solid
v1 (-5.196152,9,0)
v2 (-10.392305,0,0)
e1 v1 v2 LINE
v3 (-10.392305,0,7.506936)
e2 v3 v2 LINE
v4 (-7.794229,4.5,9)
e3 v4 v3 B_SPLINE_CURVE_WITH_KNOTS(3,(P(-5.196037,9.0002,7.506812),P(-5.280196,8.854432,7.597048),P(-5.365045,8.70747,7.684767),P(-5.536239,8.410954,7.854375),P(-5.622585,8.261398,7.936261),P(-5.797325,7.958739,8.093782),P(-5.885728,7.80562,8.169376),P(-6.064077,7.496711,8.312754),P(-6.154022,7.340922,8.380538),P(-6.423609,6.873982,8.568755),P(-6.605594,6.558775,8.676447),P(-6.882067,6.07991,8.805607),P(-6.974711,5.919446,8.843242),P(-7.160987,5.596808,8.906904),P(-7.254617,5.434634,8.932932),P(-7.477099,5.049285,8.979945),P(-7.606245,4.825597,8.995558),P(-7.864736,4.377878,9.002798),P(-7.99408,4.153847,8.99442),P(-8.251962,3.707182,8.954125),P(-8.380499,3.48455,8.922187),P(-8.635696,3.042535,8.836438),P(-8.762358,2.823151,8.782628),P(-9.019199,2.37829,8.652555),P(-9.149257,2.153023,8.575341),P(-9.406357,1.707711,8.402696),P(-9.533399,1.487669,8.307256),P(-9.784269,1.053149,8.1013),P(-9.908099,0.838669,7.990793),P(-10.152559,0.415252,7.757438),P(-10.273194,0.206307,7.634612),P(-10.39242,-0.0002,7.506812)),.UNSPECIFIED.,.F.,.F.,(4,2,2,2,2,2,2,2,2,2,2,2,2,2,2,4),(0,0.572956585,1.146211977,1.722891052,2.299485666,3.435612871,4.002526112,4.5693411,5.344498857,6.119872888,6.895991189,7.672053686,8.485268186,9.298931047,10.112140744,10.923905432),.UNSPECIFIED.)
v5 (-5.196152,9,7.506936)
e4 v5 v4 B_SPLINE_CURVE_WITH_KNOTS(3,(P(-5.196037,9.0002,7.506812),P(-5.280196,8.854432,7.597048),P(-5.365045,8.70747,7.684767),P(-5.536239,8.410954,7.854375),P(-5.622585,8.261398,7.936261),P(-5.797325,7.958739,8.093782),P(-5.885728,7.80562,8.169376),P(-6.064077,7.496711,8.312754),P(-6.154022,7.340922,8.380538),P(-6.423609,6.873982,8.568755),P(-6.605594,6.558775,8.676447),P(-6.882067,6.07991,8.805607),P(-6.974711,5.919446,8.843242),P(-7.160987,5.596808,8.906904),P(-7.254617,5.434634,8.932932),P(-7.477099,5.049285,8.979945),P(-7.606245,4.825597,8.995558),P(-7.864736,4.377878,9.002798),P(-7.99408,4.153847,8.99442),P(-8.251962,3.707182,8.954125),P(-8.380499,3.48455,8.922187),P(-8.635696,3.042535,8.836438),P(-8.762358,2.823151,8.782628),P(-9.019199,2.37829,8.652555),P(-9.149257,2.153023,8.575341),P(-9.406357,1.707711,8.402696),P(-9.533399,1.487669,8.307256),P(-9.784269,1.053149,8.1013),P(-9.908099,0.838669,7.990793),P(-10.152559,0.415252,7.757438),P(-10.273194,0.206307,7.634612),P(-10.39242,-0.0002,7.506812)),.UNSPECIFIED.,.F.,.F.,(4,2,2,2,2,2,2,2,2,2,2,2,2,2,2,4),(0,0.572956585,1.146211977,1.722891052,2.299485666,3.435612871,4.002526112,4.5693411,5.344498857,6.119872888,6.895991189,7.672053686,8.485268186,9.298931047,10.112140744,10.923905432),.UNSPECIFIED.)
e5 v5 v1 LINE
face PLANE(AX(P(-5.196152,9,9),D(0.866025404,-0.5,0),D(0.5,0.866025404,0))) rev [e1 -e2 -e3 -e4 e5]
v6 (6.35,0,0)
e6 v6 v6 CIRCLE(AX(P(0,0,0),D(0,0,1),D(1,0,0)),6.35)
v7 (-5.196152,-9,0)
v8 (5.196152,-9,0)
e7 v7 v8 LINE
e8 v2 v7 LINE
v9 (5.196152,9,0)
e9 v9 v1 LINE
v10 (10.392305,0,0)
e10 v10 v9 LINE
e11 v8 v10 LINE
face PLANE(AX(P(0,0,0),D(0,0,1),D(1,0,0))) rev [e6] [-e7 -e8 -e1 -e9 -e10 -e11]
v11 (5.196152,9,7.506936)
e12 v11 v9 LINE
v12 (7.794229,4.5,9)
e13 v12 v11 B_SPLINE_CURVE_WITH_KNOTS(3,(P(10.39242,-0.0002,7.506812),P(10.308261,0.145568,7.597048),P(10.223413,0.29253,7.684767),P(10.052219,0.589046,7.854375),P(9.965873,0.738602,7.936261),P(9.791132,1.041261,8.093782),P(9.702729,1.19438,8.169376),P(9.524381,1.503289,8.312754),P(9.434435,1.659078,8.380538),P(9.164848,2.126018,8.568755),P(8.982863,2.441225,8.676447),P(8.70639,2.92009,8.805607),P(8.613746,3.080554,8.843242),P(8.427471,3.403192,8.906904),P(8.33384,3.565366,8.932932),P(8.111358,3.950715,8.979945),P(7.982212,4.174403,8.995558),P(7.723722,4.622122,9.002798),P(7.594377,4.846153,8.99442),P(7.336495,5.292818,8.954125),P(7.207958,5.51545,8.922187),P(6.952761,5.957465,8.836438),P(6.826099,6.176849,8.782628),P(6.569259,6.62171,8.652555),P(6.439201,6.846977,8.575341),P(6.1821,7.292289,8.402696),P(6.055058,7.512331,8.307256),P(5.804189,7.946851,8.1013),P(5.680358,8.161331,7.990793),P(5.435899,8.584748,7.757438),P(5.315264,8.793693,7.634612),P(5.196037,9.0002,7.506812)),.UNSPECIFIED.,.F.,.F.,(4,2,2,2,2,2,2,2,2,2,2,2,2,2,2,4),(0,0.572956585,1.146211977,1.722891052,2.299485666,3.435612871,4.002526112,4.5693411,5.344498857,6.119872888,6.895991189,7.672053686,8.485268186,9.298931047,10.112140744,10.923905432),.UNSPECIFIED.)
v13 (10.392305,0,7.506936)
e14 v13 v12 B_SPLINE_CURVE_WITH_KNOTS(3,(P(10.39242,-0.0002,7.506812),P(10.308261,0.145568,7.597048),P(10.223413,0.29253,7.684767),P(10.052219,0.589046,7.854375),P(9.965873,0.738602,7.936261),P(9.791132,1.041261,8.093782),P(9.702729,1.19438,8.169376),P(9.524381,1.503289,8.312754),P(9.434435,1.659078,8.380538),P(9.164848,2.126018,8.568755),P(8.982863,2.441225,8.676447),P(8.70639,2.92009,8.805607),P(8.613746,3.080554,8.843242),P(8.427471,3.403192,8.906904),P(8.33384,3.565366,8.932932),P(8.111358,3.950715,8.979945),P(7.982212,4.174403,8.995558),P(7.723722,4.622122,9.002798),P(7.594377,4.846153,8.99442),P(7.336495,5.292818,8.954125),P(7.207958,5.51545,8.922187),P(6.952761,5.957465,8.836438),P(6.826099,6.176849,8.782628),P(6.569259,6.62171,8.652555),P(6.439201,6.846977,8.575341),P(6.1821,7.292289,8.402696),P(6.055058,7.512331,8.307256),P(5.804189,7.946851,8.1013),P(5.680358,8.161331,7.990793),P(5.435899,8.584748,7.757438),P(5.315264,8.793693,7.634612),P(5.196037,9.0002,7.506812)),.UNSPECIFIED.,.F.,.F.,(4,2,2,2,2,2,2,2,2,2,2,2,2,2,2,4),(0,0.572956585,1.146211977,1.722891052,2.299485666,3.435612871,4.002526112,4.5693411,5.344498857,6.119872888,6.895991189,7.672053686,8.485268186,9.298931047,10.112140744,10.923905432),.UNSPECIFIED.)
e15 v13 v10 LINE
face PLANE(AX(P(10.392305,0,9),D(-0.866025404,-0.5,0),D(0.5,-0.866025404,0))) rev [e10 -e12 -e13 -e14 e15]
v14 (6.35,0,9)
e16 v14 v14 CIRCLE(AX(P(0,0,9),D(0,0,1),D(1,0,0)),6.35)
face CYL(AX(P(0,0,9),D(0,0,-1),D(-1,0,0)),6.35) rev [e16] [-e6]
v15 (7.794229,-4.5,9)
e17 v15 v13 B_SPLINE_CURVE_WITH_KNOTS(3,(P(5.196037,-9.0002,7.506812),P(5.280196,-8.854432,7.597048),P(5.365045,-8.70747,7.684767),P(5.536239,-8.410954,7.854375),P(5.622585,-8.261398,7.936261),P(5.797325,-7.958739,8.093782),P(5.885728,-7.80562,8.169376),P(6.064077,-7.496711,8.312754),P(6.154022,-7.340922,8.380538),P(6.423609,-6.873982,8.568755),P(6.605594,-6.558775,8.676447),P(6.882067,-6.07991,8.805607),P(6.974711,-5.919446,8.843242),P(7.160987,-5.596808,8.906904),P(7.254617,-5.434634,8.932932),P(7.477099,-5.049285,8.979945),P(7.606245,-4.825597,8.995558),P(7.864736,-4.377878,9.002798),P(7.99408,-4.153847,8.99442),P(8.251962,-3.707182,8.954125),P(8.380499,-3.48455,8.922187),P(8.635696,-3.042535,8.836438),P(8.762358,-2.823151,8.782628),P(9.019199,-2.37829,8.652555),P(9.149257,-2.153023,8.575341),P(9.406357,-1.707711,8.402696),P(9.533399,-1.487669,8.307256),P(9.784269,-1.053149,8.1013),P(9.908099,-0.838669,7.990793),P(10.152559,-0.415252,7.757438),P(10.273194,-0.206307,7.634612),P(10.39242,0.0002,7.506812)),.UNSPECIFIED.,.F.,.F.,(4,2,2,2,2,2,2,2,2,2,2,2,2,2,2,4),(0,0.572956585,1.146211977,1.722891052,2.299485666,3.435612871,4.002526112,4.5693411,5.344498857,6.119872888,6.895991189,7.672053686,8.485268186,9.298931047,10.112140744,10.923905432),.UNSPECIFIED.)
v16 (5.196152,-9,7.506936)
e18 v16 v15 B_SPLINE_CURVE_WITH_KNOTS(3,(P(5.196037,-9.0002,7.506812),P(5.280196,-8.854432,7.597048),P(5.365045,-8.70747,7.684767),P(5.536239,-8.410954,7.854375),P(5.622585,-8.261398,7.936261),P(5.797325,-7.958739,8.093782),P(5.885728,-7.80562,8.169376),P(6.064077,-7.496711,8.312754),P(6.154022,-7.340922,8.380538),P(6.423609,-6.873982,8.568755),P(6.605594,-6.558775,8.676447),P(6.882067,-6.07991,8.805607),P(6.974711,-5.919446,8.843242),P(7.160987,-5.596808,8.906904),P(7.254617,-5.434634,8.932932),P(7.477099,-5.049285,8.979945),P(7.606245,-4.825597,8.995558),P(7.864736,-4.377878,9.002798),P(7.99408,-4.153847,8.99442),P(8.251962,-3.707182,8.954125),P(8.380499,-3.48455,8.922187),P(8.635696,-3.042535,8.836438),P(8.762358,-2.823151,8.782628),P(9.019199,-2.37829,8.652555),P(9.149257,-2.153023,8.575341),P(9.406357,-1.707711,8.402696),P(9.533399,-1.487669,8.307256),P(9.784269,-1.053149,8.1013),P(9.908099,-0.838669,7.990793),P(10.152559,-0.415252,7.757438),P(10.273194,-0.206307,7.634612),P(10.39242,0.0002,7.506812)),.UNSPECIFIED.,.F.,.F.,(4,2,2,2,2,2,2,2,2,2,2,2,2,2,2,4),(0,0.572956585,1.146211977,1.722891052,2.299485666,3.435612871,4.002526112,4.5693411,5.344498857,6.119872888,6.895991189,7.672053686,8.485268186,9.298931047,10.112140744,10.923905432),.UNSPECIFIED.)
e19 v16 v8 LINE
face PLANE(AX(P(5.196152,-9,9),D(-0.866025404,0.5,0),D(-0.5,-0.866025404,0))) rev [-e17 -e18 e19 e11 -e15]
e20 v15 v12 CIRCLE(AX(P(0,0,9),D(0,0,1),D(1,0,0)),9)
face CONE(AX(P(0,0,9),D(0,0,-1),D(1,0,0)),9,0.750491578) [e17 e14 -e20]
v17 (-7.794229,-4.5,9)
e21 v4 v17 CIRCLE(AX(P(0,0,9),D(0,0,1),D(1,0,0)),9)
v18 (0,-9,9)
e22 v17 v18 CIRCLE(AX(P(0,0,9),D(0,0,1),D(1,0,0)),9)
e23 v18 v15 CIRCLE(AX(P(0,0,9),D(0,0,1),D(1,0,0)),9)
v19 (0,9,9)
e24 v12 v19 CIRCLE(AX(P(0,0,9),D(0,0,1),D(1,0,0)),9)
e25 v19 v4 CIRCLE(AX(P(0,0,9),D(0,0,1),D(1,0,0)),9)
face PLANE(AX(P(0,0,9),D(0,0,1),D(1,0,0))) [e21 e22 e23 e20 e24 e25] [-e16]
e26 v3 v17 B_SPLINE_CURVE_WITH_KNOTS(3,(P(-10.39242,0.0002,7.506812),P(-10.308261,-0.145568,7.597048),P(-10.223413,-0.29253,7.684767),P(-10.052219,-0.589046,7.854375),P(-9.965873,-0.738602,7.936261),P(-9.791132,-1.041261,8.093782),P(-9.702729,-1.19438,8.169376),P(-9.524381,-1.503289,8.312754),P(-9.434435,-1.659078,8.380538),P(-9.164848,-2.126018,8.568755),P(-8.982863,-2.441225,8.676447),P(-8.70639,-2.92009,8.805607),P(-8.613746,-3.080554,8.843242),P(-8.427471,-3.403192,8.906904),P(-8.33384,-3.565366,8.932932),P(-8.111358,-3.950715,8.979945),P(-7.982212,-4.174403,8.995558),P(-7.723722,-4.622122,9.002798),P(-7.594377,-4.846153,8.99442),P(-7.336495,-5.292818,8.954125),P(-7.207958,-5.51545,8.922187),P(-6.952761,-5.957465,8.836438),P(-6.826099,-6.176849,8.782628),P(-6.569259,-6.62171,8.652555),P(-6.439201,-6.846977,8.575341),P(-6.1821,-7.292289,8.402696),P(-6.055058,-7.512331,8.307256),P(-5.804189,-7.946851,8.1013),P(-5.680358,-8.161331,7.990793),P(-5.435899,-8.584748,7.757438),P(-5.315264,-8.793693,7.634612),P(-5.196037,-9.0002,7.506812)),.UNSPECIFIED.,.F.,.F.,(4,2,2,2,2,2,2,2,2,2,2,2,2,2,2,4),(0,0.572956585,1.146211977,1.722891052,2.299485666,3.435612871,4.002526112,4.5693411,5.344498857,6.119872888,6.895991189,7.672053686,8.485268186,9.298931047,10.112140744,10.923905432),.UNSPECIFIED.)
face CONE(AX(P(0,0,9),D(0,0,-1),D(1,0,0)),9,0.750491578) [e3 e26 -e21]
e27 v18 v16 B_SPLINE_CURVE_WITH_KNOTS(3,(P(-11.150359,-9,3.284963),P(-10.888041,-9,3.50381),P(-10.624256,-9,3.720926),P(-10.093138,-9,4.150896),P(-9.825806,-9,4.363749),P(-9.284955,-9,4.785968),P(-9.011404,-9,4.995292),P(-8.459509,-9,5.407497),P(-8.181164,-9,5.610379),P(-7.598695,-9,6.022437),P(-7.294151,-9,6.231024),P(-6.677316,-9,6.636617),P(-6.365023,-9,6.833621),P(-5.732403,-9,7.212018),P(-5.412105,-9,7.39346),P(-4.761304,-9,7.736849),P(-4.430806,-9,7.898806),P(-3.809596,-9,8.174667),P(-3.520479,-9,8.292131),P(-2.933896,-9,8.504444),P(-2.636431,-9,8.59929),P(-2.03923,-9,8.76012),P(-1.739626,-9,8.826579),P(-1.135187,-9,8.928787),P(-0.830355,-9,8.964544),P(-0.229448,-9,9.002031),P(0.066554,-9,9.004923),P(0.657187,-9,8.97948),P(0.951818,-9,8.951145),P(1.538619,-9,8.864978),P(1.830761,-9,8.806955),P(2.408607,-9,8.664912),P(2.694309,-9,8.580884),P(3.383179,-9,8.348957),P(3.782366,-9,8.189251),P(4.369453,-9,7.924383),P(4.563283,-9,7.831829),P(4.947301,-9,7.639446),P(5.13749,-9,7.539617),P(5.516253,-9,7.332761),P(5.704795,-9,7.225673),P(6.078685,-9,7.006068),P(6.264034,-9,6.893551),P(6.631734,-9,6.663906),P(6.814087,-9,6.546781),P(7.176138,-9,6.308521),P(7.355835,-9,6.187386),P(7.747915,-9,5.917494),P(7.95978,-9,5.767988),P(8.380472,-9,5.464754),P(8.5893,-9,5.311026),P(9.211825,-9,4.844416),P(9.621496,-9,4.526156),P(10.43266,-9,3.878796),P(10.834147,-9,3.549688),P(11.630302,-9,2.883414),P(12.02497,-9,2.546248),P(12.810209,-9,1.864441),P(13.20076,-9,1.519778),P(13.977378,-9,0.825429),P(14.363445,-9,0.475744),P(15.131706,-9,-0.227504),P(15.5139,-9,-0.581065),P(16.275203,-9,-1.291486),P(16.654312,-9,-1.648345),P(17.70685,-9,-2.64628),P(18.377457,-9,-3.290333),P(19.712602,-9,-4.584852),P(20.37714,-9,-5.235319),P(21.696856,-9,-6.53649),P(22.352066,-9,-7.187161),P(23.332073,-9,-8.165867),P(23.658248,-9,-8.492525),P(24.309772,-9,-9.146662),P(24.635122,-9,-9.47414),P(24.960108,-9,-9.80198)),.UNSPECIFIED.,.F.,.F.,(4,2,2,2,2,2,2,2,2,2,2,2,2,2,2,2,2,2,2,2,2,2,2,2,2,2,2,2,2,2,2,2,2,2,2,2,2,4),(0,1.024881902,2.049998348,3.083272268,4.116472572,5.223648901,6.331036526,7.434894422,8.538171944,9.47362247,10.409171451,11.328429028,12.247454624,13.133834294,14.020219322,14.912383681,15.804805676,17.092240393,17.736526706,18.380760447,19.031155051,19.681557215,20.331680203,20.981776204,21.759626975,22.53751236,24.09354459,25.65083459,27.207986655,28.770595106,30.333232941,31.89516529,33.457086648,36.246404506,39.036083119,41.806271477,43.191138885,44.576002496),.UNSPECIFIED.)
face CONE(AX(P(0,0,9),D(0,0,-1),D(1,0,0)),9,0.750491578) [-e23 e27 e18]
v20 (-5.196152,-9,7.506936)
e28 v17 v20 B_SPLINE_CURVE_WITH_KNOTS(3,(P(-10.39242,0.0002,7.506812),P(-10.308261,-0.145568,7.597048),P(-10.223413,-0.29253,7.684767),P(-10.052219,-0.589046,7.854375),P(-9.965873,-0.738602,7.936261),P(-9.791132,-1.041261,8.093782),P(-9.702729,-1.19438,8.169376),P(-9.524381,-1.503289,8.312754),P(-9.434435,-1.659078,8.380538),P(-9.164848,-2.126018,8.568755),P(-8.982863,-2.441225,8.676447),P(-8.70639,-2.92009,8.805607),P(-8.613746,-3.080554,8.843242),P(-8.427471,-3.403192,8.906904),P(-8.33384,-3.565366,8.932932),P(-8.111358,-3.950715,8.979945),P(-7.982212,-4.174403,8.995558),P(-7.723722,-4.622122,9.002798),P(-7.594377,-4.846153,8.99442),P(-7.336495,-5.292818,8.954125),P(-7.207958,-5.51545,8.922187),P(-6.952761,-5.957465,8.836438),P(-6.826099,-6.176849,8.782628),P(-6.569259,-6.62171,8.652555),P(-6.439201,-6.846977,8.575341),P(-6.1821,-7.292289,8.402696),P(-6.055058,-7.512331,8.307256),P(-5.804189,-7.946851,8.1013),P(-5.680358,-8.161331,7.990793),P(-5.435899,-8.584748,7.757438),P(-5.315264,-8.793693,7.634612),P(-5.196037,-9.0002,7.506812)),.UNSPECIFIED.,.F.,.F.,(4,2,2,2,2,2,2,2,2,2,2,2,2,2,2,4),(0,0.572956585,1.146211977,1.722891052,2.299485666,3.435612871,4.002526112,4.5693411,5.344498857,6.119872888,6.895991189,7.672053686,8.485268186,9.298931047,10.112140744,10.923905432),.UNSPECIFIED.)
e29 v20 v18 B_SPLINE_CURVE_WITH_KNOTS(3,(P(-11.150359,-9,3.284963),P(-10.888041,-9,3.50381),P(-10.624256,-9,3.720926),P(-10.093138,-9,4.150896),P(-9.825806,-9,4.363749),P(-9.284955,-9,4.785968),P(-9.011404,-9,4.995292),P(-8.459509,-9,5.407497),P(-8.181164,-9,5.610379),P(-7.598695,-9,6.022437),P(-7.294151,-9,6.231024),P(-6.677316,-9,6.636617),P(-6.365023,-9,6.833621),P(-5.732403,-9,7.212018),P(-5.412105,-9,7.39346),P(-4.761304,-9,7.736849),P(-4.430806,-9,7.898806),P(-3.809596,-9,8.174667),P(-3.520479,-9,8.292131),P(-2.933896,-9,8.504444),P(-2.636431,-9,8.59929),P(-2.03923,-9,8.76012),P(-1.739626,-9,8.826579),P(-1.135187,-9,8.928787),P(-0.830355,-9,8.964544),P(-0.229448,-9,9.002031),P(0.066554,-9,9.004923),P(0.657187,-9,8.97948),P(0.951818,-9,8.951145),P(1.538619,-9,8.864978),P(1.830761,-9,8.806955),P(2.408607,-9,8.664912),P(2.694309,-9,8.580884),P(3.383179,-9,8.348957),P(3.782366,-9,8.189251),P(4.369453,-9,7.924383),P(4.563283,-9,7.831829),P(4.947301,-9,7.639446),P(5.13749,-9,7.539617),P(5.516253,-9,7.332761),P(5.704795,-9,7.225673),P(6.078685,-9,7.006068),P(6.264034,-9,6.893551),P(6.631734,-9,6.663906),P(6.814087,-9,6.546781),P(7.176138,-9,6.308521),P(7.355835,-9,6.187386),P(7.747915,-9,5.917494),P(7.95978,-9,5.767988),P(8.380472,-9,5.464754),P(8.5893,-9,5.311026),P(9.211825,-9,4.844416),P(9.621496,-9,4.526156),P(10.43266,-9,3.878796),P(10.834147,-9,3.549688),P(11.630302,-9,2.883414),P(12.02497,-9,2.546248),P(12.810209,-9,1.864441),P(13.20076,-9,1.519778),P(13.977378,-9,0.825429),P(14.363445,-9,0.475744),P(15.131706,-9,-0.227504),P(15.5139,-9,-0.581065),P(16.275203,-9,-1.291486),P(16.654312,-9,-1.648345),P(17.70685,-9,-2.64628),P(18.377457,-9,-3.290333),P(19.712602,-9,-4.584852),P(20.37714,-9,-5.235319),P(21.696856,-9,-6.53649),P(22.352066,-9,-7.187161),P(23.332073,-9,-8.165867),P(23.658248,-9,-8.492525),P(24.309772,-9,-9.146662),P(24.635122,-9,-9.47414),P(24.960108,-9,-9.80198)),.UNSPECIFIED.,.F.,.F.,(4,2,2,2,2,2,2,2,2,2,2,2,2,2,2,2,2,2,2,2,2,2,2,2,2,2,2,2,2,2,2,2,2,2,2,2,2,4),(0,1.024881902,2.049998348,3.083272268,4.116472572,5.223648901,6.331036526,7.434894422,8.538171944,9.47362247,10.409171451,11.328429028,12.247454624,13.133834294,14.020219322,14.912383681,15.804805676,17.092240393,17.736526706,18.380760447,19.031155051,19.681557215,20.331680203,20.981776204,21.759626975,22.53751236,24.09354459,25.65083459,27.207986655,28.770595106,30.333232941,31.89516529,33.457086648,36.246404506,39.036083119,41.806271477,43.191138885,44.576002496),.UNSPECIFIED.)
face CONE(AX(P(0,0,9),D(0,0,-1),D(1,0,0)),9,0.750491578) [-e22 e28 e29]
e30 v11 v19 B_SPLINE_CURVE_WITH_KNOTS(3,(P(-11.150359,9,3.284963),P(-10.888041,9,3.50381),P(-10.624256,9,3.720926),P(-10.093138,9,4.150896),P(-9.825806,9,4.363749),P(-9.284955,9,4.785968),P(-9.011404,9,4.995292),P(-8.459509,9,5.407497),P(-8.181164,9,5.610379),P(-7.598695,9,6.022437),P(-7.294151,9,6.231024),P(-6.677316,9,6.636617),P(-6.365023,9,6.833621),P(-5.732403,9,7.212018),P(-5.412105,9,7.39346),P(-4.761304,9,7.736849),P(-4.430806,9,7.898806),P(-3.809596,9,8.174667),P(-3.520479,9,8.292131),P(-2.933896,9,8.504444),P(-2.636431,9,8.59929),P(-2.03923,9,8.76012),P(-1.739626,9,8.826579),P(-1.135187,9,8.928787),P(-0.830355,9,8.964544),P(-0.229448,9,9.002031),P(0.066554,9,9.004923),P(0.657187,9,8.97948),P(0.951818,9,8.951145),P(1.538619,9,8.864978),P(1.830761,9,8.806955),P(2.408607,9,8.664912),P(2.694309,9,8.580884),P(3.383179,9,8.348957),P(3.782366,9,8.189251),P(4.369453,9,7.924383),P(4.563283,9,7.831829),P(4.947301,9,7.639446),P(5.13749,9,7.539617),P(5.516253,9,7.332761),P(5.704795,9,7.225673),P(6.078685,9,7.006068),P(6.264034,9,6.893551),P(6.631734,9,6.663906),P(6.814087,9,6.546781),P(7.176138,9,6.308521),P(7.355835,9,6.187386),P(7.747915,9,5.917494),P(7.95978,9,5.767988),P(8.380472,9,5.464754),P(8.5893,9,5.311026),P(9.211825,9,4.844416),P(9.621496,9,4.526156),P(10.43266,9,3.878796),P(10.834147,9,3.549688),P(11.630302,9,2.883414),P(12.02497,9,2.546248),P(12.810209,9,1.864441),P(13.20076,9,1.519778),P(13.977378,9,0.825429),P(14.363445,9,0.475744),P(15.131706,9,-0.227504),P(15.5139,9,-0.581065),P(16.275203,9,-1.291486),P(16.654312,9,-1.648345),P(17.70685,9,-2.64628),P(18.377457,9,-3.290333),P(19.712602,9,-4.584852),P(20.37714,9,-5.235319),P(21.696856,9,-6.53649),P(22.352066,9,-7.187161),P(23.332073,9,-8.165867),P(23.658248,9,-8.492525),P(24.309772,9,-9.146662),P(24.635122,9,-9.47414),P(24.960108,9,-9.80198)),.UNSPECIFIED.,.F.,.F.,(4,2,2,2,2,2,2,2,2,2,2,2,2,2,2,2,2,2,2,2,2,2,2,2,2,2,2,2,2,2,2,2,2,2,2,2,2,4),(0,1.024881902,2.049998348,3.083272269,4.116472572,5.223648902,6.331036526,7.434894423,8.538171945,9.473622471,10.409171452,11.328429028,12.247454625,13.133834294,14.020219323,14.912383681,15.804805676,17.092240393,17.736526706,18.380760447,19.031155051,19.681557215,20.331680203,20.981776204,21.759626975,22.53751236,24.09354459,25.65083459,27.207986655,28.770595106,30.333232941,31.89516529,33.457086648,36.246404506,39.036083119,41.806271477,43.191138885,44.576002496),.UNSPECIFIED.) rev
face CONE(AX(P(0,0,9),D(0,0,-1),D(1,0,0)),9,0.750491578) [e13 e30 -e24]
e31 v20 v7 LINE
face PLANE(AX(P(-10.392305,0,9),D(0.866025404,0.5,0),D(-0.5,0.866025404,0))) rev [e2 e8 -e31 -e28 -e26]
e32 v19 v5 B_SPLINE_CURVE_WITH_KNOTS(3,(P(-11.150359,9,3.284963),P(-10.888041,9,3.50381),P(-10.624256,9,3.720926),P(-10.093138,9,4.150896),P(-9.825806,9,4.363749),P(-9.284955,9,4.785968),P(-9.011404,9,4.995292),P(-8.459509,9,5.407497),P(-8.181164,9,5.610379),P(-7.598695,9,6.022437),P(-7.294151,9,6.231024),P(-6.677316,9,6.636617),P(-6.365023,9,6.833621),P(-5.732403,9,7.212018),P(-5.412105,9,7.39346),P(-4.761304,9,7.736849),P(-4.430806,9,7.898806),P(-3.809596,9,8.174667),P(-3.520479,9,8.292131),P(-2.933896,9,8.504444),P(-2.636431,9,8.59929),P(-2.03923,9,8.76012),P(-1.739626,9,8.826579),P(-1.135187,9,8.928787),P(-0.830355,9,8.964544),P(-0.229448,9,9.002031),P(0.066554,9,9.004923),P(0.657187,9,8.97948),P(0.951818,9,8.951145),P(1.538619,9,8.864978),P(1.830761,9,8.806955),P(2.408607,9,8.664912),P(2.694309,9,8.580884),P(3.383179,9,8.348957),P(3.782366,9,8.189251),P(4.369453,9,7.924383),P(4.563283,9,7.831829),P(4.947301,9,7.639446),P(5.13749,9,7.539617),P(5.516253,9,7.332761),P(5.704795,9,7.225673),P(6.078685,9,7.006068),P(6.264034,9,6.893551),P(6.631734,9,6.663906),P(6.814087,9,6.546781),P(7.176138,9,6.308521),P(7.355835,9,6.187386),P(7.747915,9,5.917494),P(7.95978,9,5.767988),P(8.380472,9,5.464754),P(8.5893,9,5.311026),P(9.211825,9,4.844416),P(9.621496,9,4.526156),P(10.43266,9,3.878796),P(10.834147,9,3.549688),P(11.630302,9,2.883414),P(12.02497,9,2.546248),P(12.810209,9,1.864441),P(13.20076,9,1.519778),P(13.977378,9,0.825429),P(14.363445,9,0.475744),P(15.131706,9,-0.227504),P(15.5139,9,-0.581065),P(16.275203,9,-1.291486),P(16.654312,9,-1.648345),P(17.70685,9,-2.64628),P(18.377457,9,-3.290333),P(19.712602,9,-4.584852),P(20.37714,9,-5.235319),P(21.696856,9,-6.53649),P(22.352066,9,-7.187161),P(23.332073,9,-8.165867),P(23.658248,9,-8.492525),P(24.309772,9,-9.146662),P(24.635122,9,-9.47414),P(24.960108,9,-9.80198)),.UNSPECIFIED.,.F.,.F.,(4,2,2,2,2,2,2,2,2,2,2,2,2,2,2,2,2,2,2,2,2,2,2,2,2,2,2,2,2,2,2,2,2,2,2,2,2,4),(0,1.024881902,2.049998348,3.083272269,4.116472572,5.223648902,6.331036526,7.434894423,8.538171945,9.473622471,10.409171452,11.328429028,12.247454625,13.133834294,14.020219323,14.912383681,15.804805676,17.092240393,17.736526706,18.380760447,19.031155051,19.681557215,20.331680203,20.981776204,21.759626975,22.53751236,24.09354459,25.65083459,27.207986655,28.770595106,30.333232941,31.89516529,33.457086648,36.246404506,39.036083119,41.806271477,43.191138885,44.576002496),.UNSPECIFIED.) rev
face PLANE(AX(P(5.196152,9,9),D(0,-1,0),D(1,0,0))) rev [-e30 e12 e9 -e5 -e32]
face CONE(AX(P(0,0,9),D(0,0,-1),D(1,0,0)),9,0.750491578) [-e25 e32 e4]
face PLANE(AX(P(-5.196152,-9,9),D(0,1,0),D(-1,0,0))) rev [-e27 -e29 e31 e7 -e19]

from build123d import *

# Parameters (mm, degrees)
CROQUIS1_R              = 6.35
SALIENTE_EXTRUIR1_DEPTH = 9
CROQUIS2_R              = 17.950209201
CROQUIS2_R_2            = 9
CORTAR_EXTRUIR1_DEPTH   = 9
CORTAR_EXTRUIR1_TAPER   = 43


with BuildPart() as part:
    # Croquis1 → Saliente-Extruir1 (new body)
    with BuildSketch(Plane.XY):
        Polygon((-10.392304845, 0), (-5.196152423, -9), (5.196152423, -9), (10.392304845, 0), (5.196152423, 9), (-5.196152423, 9), align=None)
        Circle(CROQUIS1_R, mode=Mode.SUBTRACT)
    extrude(amount=SALIENTE_EXTRUIR1_DEPTH)

    # Croquis2 → Cortar-Extruir1 (cut)
    with BuildSketch(Plane.XY.offset(9)):
        with Locations((-0.193993057, 0)):
            Circle(CROQUIS2_R)
        Circle(CROQUIS2_R_2, mode=Mode.SUBTRACT)
    extrude(amount=-CORTAR_EXTRUIR1_DEPTH, taper=CORTAR_EXTRUIR1_TAPER, mode=Mode.SUBTRACT)


solid = part.part
